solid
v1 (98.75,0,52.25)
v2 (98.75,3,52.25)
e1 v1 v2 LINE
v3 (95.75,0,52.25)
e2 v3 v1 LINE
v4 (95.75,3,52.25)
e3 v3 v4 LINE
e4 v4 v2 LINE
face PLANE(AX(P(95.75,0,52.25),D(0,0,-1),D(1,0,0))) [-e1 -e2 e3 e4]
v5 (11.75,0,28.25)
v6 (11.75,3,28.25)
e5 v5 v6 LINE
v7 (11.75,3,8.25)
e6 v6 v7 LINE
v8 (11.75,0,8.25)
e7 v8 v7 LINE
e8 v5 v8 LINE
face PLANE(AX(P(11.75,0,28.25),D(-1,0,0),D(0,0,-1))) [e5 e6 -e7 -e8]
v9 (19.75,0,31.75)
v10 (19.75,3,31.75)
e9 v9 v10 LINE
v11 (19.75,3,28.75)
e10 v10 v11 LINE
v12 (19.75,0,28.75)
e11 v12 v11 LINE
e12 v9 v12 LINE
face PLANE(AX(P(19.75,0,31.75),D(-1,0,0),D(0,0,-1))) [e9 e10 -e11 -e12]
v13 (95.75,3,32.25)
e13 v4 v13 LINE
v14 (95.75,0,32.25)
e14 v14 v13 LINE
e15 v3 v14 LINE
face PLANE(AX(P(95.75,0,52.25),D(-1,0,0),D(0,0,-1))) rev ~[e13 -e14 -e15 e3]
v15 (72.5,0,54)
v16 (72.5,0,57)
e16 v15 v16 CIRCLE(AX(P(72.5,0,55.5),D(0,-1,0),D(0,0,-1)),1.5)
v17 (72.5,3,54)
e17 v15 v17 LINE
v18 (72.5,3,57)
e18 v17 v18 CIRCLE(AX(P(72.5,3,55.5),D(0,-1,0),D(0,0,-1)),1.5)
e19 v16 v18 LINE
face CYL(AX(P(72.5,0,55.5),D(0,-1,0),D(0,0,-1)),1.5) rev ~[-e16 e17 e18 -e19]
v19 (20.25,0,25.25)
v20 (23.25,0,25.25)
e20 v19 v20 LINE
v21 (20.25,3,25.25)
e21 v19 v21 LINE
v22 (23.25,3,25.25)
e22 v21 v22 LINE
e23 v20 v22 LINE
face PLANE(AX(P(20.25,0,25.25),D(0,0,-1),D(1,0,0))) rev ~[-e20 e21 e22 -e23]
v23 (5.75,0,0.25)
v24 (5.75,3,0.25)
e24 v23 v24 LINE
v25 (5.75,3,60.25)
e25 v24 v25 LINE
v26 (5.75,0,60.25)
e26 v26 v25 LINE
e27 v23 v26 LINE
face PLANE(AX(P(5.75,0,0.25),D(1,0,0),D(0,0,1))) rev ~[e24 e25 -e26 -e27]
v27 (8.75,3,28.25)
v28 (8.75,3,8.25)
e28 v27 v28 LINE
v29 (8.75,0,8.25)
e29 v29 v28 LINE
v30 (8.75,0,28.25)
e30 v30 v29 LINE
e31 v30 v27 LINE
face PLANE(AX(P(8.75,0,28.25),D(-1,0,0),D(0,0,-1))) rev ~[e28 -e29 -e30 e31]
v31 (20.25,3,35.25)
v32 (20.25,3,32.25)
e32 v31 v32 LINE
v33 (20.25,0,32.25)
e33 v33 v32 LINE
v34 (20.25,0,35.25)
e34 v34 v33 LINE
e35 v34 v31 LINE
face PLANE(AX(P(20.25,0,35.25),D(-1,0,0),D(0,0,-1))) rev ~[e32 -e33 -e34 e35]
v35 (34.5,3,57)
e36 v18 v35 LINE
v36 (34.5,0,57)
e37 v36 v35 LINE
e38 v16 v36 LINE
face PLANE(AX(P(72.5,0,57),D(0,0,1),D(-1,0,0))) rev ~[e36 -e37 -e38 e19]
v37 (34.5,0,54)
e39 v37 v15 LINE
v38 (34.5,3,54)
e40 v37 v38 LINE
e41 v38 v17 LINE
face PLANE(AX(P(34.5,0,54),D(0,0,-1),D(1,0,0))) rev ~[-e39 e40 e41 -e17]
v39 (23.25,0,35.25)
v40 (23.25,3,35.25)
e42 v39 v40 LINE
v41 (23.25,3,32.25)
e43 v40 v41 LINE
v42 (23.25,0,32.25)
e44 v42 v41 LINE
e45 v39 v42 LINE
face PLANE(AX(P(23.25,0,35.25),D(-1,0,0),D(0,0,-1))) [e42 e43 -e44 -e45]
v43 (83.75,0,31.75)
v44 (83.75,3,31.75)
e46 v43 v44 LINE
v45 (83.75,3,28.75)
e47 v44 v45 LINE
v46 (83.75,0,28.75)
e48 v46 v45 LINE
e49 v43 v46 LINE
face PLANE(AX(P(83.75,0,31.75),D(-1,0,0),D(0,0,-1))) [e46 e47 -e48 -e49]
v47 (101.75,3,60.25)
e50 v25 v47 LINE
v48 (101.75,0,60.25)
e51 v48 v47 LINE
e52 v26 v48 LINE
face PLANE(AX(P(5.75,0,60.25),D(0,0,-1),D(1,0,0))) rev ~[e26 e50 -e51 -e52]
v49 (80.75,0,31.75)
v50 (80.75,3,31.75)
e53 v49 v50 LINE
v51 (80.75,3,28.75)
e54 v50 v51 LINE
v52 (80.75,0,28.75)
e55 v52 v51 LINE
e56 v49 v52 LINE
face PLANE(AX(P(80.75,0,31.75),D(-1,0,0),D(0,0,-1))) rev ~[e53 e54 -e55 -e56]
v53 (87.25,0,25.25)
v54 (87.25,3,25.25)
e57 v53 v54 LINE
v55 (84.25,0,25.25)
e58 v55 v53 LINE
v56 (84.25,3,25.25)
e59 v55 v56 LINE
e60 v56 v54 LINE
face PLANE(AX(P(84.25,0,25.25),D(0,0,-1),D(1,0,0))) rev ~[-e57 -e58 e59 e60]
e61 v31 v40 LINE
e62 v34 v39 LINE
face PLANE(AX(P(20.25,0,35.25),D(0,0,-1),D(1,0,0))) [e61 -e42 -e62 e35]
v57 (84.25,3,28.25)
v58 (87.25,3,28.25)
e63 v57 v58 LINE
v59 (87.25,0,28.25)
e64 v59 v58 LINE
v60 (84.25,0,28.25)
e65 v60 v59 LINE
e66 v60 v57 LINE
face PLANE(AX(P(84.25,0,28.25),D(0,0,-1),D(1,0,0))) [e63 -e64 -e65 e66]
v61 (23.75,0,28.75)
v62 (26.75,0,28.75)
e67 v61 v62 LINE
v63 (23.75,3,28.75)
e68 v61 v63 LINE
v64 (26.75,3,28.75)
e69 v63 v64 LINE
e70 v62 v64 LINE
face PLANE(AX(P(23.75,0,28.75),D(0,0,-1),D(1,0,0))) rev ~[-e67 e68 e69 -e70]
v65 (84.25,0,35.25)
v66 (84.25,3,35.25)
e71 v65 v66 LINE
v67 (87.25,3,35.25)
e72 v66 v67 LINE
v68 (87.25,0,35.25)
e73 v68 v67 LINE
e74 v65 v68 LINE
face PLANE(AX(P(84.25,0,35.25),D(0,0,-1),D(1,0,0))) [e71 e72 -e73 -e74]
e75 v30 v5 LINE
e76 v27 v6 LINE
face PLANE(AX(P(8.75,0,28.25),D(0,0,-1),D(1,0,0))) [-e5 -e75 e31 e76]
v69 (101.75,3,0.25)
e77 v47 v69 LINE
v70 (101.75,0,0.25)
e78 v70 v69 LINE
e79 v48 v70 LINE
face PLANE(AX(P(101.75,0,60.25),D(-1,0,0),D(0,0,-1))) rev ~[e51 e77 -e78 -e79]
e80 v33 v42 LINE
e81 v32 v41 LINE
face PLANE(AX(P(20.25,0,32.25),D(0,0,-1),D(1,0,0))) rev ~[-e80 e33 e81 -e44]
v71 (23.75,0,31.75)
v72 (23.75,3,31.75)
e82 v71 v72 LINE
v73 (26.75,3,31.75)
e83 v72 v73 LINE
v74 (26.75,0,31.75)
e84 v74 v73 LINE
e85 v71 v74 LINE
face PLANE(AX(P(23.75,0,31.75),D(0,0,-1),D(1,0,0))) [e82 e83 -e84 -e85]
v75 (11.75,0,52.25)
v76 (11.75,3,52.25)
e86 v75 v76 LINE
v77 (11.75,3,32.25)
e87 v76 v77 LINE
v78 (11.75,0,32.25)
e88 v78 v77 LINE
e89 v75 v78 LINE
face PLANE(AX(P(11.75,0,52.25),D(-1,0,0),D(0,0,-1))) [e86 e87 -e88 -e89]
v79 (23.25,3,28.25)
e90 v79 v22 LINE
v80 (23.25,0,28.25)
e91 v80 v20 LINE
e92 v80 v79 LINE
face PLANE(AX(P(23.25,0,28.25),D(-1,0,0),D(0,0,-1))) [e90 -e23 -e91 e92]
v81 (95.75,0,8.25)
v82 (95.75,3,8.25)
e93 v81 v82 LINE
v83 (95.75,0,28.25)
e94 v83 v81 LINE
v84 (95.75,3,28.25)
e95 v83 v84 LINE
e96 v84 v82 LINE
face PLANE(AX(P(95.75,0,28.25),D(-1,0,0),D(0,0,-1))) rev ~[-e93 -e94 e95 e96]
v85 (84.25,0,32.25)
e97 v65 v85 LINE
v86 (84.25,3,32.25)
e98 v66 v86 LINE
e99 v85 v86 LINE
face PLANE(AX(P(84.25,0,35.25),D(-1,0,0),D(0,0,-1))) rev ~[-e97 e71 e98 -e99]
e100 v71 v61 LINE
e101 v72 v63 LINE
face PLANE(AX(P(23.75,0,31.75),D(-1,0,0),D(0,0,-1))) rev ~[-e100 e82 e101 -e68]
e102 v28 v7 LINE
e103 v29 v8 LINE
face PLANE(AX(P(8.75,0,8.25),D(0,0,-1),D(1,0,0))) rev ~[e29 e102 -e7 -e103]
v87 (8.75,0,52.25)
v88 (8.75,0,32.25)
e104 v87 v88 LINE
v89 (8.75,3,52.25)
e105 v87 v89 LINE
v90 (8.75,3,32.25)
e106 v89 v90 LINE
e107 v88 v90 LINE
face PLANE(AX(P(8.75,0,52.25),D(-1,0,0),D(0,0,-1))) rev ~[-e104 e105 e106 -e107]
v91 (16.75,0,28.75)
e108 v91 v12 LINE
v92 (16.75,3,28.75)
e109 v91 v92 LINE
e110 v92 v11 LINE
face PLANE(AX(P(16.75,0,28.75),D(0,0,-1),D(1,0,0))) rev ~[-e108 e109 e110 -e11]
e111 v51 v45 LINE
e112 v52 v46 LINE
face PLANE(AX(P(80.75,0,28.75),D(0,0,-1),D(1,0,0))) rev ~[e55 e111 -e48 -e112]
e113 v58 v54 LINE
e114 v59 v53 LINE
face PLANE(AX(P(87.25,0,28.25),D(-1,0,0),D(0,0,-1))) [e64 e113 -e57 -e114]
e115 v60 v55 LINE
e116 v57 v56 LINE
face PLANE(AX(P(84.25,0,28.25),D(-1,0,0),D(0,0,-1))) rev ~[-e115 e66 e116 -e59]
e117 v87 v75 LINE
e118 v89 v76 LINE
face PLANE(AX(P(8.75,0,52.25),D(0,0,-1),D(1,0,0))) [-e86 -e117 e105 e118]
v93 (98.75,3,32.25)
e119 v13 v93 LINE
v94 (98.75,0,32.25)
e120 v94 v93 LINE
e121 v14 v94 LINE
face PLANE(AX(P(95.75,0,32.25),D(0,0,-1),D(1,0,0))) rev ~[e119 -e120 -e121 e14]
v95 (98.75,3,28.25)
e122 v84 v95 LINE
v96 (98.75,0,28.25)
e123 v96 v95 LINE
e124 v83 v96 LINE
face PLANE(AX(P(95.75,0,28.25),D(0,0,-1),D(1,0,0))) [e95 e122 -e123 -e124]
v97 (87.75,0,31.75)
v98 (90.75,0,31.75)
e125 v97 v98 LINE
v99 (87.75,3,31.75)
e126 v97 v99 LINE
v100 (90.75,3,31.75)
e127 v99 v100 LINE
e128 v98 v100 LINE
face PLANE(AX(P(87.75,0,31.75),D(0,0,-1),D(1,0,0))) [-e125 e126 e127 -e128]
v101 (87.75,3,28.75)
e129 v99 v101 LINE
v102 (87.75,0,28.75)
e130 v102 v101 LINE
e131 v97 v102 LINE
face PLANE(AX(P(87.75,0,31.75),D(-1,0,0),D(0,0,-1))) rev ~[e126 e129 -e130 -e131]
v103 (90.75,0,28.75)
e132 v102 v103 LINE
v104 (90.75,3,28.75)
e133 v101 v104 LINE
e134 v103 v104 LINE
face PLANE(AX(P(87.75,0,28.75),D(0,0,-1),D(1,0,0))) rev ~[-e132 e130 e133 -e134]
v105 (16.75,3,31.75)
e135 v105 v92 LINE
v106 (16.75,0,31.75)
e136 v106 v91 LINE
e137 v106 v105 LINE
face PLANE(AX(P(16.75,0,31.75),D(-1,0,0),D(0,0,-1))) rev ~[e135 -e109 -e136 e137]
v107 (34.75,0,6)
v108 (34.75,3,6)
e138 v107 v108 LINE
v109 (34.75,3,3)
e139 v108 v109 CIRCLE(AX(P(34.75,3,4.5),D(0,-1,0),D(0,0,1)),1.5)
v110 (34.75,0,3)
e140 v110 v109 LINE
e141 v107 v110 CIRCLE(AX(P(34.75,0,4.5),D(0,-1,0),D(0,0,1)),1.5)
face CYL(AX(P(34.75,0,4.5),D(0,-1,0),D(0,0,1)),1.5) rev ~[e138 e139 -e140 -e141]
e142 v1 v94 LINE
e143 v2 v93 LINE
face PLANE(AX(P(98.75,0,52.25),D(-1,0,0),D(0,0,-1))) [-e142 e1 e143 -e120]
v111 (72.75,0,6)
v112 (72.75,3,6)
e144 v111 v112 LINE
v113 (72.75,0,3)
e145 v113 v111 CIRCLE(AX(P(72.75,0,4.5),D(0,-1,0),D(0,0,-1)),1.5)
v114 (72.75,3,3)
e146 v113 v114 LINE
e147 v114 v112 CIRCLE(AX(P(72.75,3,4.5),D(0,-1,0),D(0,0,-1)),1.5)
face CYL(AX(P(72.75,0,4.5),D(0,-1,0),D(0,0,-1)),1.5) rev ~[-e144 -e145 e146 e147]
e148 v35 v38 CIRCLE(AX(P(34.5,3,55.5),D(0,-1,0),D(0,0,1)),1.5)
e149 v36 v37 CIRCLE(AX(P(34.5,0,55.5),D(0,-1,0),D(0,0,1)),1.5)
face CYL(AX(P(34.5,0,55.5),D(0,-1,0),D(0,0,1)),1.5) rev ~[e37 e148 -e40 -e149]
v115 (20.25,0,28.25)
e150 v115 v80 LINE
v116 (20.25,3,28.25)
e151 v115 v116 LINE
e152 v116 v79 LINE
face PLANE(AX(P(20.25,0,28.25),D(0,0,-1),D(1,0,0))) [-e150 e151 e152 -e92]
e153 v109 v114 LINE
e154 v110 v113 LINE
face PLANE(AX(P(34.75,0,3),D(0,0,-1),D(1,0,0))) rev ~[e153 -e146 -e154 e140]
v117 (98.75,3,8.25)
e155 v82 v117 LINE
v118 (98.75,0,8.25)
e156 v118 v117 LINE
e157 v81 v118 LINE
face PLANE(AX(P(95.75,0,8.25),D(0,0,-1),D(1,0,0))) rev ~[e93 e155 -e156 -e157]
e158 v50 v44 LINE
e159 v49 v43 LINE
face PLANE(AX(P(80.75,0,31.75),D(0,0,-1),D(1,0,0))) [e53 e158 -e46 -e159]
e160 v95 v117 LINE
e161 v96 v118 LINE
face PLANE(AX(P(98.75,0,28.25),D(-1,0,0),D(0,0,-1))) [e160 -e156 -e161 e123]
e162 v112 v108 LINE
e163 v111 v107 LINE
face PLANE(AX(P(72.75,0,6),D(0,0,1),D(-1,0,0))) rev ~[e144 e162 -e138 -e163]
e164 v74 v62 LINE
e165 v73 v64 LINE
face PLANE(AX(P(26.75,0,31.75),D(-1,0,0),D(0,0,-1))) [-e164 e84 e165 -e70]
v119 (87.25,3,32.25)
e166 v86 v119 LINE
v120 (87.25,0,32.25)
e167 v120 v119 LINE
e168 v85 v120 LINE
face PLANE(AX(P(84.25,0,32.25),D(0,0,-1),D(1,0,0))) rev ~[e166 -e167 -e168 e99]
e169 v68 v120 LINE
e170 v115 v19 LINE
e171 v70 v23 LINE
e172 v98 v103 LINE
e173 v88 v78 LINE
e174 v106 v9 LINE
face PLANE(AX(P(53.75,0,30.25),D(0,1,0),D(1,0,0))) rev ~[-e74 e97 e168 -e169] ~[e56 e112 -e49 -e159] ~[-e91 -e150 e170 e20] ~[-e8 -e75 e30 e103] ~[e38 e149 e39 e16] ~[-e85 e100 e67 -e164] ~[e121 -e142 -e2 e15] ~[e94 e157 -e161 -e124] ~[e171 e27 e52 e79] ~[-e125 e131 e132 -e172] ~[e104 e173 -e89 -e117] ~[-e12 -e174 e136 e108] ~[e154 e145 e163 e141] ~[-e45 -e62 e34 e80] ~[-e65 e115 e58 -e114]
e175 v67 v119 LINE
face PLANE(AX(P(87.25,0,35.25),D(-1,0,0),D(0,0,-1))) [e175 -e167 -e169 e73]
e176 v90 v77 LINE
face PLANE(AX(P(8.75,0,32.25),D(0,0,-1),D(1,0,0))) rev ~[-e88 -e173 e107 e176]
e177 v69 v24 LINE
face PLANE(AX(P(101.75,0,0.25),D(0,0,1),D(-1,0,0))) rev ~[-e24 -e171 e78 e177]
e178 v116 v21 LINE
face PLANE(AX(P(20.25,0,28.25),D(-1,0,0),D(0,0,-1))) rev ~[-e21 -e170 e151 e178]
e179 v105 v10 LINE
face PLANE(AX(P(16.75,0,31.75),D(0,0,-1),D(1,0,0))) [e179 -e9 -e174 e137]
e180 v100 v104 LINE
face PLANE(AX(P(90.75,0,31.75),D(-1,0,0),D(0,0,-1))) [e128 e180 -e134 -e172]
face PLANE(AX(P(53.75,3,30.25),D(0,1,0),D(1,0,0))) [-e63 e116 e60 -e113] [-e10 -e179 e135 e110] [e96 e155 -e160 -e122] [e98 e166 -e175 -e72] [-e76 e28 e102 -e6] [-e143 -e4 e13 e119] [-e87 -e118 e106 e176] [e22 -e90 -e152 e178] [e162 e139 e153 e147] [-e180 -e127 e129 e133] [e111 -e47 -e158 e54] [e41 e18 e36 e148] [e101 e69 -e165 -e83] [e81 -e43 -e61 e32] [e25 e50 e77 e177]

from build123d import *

# Parameters (mm, degrees)
SKETCH_1_W      = 3
SKETCH_1_H      = 20
SKETCH_1_H_2    = 3
EXTRUDE_2_DEPTH = 3


with BuildPart() as part:
    # 草图1 → 凸台-拉伸2 (new body)
    with BuildSketch(Plane(origin=(0, 0, 0), x_dir=(1, 0, 0), z_dir=(0, 1, 0))):
        Polygon((101.75, -0.25), (53.75, -0.25), (5.75, -0.25), (5.75, -60.25), (101.75, -60.25), align=None)
        with BuildLine():
            Line((34.5, -54), (53.75, -54))
            Line((53.75, -54), (72.5, -54))
            ThreePointArc((72.5, -54), (74, -55.5), (72.5, -57))
            Line((72.5, -57), (53.75, -57))
            Line((53.75, -57), (34.5, -57))
            ThreePointArc((34.5, -57), (33, -55.5), (34.5, -54))
        make_face(mode=Mode.SUBTRACT)
        with Locations((10.25, -42.25)):
            Rectangle(SKETCH_1_W, SKETCH_1_H, mode=Mode.SUBTRACT)
        with Locations((18.25, -30.25)):
            Rectangle(SKETCH_1_W, SKETCH_1_H_2, mode=Mode.SUBTRACT)
        with Locations((21.75, -33.75)):
            Rectangle(SKETCH_1_W, SKETCH_1_H_2, mode=Mode.SUBTRACT)
        with Locations((25.25, -30.25)):
            Rectangle(SKETCH_1_W, SKETCH_1_H_2, mode=Mode.SUBTRACT)
        with Locations((97.25, -42.25)):
            Rectangle(SKETCH_1_W, SKETCH_1_H, mode=Mode.SUBTRACT)
        with Locations((85.75, -33.75)):
            Rectangle(SKETCH_1_W, SKETCH_1_H_2, mode=Mode.SUBTRACT)
        with Locations((82.25, -30.25)):
            Rectangle(SKETCH_1_W, SKETCH_1_H_2, mode=Mode.SUBTRACT)
        with Locations((89.25, -30.25)):
            Rectangle(SKETCH_1_W, SKETCH_1_H_2, mode=Mode.SUBTRACT)
        with Locations((21.75, -26.75)):
            Rectangle(SKETCH_1_W, SKETCH_1_H_2, mode=Mode.SUBTRACT)
        with Locations((10.25, -18.25)):
            Rectangle(SKETCH_1_W, SKETCH_1_H, mode=Mode.SUBTRACT)
        with Locations((85.75, -26.75)):
            Rectangle(SKETCH_1_W, SKETCH_1_H_2, mode=Mode.SUBTRACT)
        with Locations((97.25, -18.25)):
            Rectangle(SKETCH_1_W, SKETCH_1_H, mode=Mode.SUBTRACT)
        with BuildLine():
            Line((34.75, -3), (53.75, -3))
            Line((53.75, -3), (72.75, -3))
            ThreePointArc((72.75, -3), (74.25, -4.5), (72.75, -6))
            Line((72.75, -6), (53.75, -6))
            Line((53.75, -6), (34.75, -6))
            ThreePointArc((34.75, -6), (33.25, -4.5), (34.75, -3))
        make_face(mode=Mode.SUBTRACT)
    extrude(amount=EXTRUDE_2_DEPTH)


solid = part.part
